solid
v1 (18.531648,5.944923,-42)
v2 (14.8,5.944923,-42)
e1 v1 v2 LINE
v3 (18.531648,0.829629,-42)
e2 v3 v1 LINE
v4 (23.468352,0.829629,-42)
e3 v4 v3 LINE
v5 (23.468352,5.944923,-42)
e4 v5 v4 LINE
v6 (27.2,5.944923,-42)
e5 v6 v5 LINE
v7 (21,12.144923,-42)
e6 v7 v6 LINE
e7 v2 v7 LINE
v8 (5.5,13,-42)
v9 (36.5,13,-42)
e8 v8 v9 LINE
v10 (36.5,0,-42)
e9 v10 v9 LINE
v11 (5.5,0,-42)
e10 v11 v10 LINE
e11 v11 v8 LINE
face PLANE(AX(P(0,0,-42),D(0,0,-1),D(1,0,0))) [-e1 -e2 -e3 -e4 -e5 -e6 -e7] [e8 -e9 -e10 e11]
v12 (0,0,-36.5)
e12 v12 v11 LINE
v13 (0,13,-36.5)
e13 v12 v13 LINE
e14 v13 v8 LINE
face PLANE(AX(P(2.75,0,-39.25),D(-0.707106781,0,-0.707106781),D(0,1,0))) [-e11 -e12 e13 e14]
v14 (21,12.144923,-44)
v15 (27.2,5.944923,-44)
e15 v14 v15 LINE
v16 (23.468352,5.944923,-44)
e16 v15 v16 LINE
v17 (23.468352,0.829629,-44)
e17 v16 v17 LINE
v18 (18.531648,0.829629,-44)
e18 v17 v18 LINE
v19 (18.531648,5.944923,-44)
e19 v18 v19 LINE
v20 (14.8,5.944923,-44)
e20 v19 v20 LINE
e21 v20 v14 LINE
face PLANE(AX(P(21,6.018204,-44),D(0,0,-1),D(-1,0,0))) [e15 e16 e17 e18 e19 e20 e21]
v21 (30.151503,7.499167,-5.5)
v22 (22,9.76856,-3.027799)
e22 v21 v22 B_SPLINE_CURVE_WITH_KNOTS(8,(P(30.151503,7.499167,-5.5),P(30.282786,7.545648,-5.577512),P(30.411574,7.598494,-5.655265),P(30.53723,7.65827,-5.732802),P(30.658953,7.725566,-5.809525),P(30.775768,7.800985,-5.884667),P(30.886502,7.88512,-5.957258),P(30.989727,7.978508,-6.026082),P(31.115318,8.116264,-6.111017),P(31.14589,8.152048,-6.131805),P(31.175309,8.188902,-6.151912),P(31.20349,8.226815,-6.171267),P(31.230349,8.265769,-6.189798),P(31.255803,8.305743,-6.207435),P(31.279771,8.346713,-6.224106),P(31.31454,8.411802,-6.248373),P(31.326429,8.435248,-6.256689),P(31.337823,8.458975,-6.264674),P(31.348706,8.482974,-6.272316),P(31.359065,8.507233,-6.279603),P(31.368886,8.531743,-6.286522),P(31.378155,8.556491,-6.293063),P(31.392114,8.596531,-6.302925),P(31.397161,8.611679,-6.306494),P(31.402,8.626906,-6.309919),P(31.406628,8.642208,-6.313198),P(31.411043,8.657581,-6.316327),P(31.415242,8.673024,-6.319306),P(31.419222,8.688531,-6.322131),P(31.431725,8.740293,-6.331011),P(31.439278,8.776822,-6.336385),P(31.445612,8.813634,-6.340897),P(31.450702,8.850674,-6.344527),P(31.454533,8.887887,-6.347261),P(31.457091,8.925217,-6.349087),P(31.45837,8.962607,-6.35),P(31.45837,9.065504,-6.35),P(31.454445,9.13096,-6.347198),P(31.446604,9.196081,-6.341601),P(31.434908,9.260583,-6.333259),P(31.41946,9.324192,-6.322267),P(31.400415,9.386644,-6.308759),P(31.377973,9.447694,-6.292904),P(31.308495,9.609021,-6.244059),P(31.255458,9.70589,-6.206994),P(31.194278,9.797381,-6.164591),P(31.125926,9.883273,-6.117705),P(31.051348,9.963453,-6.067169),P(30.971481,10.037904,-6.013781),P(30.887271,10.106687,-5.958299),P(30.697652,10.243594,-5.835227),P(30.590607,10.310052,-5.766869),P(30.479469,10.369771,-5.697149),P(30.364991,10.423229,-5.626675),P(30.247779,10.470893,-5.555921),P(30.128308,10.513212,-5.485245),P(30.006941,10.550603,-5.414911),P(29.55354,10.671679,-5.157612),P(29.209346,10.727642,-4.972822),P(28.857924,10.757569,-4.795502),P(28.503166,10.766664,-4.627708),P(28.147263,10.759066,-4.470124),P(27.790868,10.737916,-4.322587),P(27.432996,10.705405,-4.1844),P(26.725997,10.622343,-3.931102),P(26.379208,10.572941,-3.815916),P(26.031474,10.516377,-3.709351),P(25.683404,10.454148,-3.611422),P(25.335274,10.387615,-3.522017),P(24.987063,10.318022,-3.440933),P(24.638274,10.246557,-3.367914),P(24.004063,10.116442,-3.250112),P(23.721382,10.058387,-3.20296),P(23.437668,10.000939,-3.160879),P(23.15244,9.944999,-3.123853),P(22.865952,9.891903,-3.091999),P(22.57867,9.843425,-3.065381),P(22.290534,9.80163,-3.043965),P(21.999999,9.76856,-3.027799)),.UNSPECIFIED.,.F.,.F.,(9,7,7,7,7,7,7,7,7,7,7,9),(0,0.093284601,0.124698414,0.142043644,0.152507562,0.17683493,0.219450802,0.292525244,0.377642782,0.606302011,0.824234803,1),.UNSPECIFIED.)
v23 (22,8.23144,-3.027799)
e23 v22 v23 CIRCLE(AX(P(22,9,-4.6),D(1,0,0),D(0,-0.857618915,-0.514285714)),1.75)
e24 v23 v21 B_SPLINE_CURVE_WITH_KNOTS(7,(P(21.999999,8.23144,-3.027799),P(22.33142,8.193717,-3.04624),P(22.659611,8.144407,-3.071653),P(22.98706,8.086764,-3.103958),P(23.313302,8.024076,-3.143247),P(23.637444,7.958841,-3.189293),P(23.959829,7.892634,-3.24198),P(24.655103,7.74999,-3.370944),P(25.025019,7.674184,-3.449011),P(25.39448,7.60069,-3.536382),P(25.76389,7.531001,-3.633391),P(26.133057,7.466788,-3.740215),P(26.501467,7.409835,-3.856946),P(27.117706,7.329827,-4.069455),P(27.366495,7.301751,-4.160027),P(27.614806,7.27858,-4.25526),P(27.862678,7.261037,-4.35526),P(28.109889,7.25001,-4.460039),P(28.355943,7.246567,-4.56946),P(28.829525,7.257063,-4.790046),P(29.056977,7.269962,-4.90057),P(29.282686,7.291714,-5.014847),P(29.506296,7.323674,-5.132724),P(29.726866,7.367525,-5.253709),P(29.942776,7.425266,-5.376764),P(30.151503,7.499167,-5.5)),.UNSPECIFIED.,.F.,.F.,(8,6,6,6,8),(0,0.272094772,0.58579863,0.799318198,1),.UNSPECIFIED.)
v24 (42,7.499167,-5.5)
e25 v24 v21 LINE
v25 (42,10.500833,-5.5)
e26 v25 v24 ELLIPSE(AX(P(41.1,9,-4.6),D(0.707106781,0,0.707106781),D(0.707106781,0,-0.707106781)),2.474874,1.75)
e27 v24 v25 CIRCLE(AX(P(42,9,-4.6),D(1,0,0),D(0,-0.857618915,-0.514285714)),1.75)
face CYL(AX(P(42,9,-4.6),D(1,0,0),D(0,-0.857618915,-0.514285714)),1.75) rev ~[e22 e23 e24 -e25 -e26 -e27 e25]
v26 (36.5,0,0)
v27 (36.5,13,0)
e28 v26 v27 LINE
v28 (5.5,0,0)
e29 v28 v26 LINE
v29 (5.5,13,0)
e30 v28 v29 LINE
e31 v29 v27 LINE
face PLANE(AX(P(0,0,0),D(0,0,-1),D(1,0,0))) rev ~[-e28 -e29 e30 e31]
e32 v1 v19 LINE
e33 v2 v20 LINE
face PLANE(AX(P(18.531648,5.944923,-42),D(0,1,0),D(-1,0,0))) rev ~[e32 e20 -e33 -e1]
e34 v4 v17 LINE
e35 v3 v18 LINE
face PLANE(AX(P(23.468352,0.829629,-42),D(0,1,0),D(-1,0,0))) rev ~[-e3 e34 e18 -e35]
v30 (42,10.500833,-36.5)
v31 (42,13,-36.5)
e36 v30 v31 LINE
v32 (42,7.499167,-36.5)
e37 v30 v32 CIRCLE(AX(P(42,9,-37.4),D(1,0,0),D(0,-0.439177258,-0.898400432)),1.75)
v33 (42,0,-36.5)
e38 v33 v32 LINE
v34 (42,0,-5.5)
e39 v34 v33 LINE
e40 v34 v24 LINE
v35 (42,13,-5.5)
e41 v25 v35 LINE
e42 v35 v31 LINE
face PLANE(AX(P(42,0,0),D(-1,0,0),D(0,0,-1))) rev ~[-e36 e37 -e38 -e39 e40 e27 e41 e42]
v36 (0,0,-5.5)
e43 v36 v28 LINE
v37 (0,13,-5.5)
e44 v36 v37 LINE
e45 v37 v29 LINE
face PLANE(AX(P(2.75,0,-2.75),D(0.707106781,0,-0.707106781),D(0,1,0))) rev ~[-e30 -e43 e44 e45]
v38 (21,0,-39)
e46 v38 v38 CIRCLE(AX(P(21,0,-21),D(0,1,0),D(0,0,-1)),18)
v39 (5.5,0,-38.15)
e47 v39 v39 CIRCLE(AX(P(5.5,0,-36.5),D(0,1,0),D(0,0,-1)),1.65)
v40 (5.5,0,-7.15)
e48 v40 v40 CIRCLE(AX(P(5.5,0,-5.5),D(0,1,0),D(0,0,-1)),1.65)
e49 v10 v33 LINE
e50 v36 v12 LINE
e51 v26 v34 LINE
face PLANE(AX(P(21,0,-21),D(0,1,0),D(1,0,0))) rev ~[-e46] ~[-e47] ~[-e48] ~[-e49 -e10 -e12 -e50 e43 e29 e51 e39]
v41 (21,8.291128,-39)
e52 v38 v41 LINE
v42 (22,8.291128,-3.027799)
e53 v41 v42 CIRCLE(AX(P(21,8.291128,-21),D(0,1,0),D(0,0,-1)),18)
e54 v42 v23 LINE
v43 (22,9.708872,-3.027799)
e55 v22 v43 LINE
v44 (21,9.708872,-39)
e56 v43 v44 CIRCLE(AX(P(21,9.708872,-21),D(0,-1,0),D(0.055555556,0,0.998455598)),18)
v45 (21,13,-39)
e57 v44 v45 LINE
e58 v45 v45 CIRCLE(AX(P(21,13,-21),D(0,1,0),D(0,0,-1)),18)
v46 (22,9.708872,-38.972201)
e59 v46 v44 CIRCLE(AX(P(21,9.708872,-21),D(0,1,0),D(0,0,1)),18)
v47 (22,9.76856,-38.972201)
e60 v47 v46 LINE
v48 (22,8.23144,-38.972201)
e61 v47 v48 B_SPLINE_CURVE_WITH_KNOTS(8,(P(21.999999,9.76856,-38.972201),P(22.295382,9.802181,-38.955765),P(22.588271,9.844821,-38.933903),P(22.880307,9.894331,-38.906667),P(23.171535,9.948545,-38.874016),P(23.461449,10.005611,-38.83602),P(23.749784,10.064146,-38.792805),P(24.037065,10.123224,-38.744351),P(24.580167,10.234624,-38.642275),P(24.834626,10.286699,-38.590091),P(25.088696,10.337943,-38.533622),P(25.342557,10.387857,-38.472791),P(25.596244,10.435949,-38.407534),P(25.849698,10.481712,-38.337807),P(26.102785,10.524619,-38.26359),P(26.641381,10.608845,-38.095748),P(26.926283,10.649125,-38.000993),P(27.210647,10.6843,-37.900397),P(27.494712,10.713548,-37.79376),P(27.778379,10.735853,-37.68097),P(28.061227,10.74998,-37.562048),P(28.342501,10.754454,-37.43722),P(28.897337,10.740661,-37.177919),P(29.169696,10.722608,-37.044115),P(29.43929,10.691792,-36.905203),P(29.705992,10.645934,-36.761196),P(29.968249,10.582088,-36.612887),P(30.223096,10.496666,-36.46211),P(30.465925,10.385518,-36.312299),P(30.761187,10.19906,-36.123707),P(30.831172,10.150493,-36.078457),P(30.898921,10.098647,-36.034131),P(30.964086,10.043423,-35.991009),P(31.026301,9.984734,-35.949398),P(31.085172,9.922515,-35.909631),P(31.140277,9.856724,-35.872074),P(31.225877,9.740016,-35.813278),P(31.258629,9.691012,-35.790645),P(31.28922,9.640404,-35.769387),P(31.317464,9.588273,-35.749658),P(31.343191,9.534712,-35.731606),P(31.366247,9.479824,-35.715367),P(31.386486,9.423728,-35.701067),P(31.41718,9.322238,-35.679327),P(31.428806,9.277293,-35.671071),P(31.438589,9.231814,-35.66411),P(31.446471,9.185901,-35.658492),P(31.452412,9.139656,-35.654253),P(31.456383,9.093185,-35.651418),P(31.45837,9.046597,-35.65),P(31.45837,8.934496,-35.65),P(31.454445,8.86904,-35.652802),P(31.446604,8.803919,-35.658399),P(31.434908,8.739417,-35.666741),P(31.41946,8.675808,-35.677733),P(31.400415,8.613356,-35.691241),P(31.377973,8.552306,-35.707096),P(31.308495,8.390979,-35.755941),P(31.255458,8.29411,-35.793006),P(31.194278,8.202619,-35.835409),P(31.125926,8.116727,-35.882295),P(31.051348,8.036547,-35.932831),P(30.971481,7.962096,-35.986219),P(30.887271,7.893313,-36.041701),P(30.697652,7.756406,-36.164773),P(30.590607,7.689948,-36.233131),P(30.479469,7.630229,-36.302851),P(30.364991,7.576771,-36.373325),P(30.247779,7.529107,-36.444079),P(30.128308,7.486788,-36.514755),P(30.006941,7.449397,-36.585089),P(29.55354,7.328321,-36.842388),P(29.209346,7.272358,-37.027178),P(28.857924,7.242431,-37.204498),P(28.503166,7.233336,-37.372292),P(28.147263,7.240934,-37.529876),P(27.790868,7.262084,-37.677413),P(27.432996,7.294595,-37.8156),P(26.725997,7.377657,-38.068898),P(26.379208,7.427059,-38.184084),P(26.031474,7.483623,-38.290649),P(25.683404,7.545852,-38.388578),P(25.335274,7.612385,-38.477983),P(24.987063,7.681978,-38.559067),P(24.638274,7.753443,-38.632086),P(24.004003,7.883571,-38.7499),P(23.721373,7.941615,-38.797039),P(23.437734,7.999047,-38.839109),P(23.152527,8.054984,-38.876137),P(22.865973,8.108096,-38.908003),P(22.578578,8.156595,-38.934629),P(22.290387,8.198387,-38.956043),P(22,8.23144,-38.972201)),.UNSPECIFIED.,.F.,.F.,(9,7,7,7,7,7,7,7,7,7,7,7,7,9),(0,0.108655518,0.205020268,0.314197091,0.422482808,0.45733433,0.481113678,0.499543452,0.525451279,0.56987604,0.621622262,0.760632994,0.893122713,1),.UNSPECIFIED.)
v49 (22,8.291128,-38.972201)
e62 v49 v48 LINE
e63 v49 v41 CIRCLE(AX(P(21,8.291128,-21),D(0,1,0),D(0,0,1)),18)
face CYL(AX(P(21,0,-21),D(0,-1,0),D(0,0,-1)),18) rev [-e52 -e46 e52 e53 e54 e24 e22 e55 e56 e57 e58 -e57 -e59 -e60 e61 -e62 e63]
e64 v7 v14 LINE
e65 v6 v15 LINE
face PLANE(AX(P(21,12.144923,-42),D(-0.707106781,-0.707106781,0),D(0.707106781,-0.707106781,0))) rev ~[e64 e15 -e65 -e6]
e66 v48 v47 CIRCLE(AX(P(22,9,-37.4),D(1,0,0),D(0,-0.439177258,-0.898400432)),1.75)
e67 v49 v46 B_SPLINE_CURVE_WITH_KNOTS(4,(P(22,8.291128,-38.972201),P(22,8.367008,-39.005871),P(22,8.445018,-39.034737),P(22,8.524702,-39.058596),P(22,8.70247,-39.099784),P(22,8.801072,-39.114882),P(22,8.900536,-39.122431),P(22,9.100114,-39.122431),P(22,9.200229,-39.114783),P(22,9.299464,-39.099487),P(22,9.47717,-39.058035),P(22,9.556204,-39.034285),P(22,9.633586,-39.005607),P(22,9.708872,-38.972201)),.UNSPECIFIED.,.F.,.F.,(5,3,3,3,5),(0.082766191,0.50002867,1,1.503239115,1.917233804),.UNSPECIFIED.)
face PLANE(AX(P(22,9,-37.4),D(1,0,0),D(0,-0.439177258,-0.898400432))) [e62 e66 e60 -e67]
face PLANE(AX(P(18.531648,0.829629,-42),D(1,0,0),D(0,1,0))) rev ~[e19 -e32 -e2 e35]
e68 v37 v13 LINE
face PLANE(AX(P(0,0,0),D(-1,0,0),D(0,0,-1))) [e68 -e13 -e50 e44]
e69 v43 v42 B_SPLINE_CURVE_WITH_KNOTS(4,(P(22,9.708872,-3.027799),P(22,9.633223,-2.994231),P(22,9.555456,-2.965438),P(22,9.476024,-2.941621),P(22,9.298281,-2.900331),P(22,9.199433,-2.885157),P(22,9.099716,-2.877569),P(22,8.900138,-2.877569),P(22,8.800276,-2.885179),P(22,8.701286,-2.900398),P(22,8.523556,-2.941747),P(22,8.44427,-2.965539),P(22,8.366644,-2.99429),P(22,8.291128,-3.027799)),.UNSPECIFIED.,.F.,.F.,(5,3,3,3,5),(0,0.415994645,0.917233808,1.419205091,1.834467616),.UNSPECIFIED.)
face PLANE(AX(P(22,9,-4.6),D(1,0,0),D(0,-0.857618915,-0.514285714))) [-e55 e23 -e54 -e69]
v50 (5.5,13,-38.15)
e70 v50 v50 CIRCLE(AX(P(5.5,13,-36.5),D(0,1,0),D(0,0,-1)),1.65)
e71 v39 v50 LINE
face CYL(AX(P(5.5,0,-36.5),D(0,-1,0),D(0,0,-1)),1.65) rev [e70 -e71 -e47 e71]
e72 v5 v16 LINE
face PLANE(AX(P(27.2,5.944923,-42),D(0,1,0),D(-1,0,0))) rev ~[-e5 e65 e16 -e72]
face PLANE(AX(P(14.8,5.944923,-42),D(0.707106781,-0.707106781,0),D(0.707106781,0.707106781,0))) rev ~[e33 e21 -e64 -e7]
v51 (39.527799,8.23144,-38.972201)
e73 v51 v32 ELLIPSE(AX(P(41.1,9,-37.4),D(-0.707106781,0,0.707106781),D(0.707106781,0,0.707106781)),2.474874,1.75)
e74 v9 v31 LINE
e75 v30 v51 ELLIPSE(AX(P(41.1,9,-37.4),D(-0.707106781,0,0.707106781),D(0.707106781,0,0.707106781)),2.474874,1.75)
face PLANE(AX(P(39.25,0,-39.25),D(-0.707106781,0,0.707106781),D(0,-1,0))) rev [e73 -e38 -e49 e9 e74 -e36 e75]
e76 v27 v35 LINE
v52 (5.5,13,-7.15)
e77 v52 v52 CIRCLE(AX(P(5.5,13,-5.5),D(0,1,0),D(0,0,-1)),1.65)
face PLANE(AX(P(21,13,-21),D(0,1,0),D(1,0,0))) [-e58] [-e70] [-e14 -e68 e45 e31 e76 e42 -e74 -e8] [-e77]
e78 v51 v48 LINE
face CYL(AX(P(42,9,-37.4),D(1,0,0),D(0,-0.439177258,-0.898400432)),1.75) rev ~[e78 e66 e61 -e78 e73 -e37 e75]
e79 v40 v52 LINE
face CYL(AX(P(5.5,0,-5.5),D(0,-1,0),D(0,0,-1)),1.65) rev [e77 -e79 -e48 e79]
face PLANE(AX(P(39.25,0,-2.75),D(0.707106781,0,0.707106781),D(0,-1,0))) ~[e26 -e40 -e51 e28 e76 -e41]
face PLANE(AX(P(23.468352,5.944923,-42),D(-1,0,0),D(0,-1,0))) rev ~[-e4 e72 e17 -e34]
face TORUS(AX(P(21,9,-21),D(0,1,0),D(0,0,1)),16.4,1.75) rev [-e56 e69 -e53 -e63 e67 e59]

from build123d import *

# Parameters (mm, degrees)
SKETCH1_W                    = 42
SKETCH1_H                    = 42
SKETCH1_R                    = 1.65
SKETCH1_R_2                  = 18
BOSS_EXTRUDE1_DEPTH          = 13
CHAMFER1_SIZE                = 5.5
SKETCH3_R                    = 1.75
CUT_EXTRUDE2_DEPTH           = 20
SKETCH4_R                    = 1.75
CUT_EXTRUDE3_DEPTH           = 20
BOSS_EXTRUDE2_DEPTH          = 2
CUT_REVOLVE1_ANGLE           = 183.3
CUT_REVOLVE1_OTHER_WAY_ANGLE = 3.2


with BuildPart() as part:
    # Sketch1 → Boss-Extrude1 (new body)
    with BuildSketch(Plane(origin=(0, 0, 0), x_dir=(1, 0, 0), z_dir=(0, 1, 0))):
        with Locations((21, 21)):
            Rectangle(SKETCH1_W, SKETCH1_H)
        with Locations(Location((5.5, 36.5, 0), (0, 0, 90))):
            Circle(SKETCH1_R, mode=Mode.SUBTRACT)
        with Locations(Location((5.5, 5.5, 0), (0, 0, 90))):
            Circle(SKETCH1_R, mode=Mode.SUBTRACT)
        with Locations(Location((21, 21, 0), (0, 0, 90))):
            Circle(SKETCH1_R_2, mode=Mode.SUBTRACT)
    extrude(amount=BOSS_EXTRUDE1_DEPTH)

    # Chamfer1
    chamfer1_edges = [part.edges().sort_by_distance(p)[0] for p in [
        (0, 6.5, -42),
        (42, 6.5, -42),
        (42, 6.5, 0),
        (0, 6.5, 0),
    ]]
    chamfer(chamfer1_edges, length=CHAMFER1_SIZE)

    # Sketch3 → Cut-Extrude2 (cut)
    with BuildSketch(Plane(origin=(42, 0, 0), x_dir=(0, 0, -1), z_dir=(1, 0, 0))):
        with Locations(Location((37.4, 9, 0), (0, 0, 333.948601241))):
            Circle(SKETCH3_R)
    extrude(amount=-CUT_EXTRUDE2_DEPTH, mode=Mode.SUBTRACT)

    # Sketch4 → Cut-Extrude3 (cut)
    with BuildSketch(Plane(origin=(42, 0, 0), x_dir=(0, 0, -1), z_dir=(1, 0, 0))):
        with Locations(Location((4.6, 9, 0), (0, 0, 300.949723079))):
            Circle(SKETCH4_R)
    extrude(amount=-CUT_EXTRUDE3_DEPTH, mode=Mode.SUBTRACT)

    # Sketch6 → Boss-Extrude2 (add)
    with BuildSketch(Plane(origin=(0, 0, -42), x_dir=(-1, 0, 0), z_dir=(0, 0, -1))):
        Polygon((-23.468351512, 0.829629357), (-18.531648488, 0.829629357), (-18.531648488, 5.944922789), (-14.8, 5.944922789), (-21, 12.144922789), (-27.2, 5.944922789), (-23.468351512, 5.944922789), align=None)
    extrude(amount=BOSS_EXTRUDE2_DEPTH)

    # Sketch9 → Cut-Revolve1 (revolve, cut)
    with BuildSketch(Plane(origin=(21, 0, 0), x_dir=(0, 0, -1), z_dir=(1, 0, 0))):
        with BuildLine():
            Line((3.027799244, 9.768560202), (3.027799244, 8.231439798))
            ThreePointArc((3.027799244, 8.231439798), (2.85, 9), (3.027799244, 9.768560202))
        make_face()
    revolve(axis=Axis((21, 18.192178388, -21), (0, -1, 0)), revolution_arc=CUT_REVOLVE1_ANGLE, mode=Mode.SUBTRACT)

    # Sketch9 → Cut-Revolve1 other way (revolve, cut)
    with BuildSketch(Plane(origin=(21, 0, 0), x_dir=(0, 0, -1), z_dir=(1, 0, 0))):
        with BuildLine():
            Line((3.027799244, 9.768560202), (3.027799244, 8.231439798))
            ThreePointArc((3.027799244, 8.231439798), (2.85, 9), (3.027799244, 9.768560202))
        make_face()
    revolve(axis=Axis((21, 18.192178388, -21), (0, 1, 0)), revolution_arc=CUT_REVOLVE1_OTHER_WAY_ANGLE, mode=Mode.SUBTRACT)


solid = part.part
